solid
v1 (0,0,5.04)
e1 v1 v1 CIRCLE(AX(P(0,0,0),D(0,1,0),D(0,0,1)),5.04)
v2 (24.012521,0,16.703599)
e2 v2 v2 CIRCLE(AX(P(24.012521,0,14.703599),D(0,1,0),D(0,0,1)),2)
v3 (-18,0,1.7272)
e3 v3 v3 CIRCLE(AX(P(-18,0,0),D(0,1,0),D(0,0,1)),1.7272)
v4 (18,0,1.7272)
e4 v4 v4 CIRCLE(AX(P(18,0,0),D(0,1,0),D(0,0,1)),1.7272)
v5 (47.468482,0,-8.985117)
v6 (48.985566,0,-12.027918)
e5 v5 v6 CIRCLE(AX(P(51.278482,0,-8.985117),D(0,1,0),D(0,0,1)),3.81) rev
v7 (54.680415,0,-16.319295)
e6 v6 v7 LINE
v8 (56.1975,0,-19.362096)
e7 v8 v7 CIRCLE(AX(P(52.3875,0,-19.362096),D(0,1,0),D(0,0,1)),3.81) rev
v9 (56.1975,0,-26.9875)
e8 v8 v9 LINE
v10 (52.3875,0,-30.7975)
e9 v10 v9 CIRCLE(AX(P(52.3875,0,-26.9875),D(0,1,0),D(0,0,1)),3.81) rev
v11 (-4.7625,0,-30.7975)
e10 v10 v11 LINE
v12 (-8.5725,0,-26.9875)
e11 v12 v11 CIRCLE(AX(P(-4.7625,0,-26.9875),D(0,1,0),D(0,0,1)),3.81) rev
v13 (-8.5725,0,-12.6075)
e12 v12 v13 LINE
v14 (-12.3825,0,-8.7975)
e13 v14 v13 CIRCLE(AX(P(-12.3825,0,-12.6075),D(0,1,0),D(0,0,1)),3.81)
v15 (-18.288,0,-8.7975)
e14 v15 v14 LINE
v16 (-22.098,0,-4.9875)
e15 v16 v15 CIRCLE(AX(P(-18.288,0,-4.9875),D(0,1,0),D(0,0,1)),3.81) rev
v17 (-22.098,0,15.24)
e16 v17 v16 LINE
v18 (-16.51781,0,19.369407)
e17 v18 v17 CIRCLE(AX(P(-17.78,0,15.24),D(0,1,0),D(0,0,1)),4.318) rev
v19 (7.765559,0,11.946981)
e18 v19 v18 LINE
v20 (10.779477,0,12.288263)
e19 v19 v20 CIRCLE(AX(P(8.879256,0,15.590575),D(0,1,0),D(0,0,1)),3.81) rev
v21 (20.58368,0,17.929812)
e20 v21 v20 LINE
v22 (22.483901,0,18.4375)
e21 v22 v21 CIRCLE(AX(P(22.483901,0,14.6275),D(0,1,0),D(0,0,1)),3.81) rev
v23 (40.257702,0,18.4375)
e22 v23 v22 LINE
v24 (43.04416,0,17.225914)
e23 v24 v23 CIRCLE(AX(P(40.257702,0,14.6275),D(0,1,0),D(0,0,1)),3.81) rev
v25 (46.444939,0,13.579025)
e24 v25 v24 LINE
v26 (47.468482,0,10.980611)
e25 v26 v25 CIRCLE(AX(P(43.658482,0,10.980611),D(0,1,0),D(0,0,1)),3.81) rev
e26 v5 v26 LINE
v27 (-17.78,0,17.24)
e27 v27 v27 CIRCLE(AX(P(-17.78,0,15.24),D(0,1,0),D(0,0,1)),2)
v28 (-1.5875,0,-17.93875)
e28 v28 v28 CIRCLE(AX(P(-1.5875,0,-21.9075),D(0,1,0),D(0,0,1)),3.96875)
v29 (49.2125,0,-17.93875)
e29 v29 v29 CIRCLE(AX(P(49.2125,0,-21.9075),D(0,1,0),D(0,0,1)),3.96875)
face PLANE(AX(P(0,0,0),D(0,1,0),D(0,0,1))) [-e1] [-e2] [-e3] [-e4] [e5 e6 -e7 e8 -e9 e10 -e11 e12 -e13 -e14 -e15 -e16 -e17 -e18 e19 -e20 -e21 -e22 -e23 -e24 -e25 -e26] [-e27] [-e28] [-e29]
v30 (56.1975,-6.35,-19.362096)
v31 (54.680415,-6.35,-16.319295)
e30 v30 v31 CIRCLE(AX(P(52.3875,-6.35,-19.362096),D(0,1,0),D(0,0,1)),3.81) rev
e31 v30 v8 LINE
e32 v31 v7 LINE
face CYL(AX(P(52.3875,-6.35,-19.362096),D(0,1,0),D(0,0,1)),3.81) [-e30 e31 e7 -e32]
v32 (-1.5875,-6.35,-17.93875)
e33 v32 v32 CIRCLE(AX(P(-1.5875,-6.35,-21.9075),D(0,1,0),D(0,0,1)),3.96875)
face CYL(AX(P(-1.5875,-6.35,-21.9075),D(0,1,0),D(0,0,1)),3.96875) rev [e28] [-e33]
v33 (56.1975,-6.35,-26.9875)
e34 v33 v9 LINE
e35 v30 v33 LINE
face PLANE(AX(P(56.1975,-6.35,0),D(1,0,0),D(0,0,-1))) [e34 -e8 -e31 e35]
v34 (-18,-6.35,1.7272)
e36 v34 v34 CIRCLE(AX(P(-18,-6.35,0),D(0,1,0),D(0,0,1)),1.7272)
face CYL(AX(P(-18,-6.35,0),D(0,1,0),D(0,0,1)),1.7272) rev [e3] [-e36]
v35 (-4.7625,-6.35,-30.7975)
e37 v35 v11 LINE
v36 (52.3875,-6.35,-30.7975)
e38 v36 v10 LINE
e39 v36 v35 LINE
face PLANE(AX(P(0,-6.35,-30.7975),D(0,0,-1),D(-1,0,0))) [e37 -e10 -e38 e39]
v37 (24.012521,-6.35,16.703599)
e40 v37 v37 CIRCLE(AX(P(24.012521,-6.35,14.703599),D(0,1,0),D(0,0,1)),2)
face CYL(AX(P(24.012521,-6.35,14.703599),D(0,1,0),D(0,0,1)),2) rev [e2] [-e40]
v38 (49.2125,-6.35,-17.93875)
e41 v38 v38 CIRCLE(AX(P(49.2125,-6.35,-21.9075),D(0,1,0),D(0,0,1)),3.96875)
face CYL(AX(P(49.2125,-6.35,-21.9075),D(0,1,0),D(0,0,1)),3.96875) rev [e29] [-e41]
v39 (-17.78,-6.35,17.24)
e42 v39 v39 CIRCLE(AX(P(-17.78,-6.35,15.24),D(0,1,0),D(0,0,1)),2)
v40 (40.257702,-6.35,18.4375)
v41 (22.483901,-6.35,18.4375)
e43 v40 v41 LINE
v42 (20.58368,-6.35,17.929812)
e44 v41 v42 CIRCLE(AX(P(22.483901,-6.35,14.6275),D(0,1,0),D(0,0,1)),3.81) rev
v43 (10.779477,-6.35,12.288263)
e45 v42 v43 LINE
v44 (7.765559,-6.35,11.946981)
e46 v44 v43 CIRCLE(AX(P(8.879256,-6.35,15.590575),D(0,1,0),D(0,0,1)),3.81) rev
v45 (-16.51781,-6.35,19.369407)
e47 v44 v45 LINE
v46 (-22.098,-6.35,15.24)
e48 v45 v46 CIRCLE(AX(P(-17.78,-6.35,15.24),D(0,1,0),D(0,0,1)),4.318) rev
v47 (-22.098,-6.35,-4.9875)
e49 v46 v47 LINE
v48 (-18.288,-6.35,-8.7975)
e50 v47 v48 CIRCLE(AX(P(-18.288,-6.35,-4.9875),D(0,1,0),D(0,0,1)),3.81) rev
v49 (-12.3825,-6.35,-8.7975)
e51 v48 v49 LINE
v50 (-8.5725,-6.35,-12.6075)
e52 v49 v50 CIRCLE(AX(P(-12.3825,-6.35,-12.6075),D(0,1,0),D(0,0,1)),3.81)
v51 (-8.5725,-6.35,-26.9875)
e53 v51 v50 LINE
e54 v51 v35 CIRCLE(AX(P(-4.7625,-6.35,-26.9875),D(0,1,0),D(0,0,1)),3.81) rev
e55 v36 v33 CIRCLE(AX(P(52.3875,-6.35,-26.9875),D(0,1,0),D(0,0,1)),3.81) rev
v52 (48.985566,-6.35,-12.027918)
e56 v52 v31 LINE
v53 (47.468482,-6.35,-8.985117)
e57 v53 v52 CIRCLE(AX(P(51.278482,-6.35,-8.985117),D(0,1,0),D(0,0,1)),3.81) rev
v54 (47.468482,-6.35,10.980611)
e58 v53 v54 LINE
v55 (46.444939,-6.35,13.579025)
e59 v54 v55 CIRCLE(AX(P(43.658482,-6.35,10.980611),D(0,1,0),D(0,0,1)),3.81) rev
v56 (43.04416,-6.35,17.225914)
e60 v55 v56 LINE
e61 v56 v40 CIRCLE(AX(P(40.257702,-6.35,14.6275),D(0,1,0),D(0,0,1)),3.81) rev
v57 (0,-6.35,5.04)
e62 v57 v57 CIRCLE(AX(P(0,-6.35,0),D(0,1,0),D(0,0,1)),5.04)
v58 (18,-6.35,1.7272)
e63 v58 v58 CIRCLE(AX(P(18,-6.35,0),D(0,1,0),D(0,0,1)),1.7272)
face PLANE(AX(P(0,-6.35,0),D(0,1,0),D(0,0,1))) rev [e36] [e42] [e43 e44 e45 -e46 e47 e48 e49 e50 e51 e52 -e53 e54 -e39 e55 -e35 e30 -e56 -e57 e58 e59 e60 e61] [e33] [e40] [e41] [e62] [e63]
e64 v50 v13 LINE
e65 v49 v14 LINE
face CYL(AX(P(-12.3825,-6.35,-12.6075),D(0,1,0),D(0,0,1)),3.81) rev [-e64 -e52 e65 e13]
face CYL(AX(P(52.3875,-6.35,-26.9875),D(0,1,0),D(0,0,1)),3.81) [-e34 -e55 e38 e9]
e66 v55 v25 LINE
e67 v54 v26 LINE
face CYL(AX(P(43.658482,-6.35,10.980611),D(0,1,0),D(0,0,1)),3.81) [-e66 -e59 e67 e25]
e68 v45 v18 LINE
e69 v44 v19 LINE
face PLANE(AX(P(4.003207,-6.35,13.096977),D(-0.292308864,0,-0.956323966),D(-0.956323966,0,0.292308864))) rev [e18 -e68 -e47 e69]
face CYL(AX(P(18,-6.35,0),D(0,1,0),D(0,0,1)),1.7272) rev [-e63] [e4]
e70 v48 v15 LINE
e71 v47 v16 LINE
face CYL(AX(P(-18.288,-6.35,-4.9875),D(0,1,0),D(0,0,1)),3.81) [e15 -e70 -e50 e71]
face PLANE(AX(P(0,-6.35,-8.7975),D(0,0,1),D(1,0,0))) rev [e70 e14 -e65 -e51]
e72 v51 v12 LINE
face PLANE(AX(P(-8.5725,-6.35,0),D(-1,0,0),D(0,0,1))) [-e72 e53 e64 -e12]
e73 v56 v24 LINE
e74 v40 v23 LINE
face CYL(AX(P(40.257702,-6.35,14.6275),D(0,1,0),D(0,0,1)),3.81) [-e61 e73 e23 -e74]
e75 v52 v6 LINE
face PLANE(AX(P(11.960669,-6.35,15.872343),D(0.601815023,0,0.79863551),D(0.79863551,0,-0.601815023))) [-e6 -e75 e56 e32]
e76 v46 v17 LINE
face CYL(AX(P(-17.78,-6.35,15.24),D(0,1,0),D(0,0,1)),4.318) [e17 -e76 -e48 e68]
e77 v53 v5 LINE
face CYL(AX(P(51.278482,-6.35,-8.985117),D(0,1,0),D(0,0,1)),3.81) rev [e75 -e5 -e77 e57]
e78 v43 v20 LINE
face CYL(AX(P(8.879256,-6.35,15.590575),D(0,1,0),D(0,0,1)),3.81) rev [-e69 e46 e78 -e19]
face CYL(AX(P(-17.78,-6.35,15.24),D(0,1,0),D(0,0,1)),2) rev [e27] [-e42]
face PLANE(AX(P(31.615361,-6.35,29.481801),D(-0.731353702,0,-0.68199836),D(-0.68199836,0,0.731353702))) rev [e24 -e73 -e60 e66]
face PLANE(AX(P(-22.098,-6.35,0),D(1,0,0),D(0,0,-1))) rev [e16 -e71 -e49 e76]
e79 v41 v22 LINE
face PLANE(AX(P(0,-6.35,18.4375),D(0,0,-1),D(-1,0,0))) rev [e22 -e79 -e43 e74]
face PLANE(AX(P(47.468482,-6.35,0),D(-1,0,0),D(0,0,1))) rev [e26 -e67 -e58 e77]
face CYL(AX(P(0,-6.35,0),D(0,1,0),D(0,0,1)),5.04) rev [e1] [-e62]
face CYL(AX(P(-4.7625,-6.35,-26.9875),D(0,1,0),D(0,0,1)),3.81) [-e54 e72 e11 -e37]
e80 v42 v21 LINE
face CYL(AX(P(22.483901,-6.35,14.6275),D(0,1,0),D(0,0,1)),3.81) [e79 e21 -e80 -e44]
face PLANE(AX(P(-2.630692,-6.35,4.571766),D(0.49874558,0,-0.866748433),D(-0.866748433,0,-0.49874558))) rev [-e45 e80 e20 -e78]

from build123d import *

# Parameters (mm, degrees)
SKETCH4_R           = 5.04
SKETCH4_R_2         = 3.96875
SKETCH4_R_3         = 2
SKETCH4_R_4         = 1.7272
BOSS_EXTRUDE2_DEPTH = 6.35


with BuildPart() as part:
    # Sketch4 → Boss-Extrude2 (new body)
    with BuildSketch(Plane(origin=(0, 0, 0), x_dir=(1, 0, 0), z_dir=(0, 1, 0))):
        with BuildLine():
            Line((40.257702493, -18.4375), (22.483900583, -18.4375))
            ThreePointArc((22.483900583, -18.4375), (21.500464498, -18.308390309), (20.583679925, -17.929811531))
            Line((20.583679925, -17.929811531), (10.779476649, -12.288263354))
            ThreePointArc((10.779476649, -12.288263354), (9.307944036, -11.804768953), (7.765559219, -11.946980575))
            Line((7.765559219, -11.946980575), (-16.517810325, -19.369406885))
            ThreePointArc((-16.517810325, -19.369406885), (-20.348558836, -18.710969534), (-22.098, -15.24))
            Line((-22.098, -15.24), (-22.098, 4.987500122))
            ThreePointArc((-22.098, 4.987500122), (-20.982076836, 7.681576958), (-18.288, 8.797500122))
            Line((-18.288, 8.797500122), (-12.3825, 8.797500122))
            ThreePointArc((-12.3825, 8.797500122), (-9.688423164, 9.913423286), (-8.5725, 12.607500122))
            Line((-8.5725, 12.607500122), (-8.5725, 26.9875))
            ThreePointArc((-8.5725, 26.9875), (-7.456576836, 29.681576836), (-4.7625, 30.7975))
            Line((-4.7625, 30.7975), (52.3875, 30.7975))
            ThreePointArc((52.3875, 30.7975), (55.081576836, 29.681576836), (56.1975, 26.9875))
            Line((56.1975, 26.9875), (56.1975, 19.362095927))
            ThreePointArc((56.1975, 19.362095927), (55.797199918, 17.662082259), (54.680415238, 16.319294633))
            Line((54.680415238, 16.319294633), (48.985566477, 12.027918285))
            ThreePointArc((48.985566477, 12.027918285), (47.868781798, 10.685130659), (47.468481715, 8.985116992))
            Line((47.468481715, 8.985116992), (47.468481715, -10.980610773))
            ThreePointArc((47.468481715, -10.980610773), (47.203372649, -12.376980446), (46.444939319, -13.579024524))
            Line((46.444939319, -13.579024524), (43.044160097, -17.225913752))
            ThreePointArc((43.044160097, -17.225913752), (41.776936446, -18.121498883), (40.257702493, -18.4375))
        make_face()
        with Locations(Location((0, 0, 0), (0, 0, 270))):
            Circle(SKETCH4_R, mode=Mode.SUBTRACT)
        with Locations(Location((-1.5875, 21.9075, 0), (0, 0, 270))):
            Circle(SKETCH4_R_2, mode=Mode.SUBTRACT)
        with Locations(Location((49.2125, 21.9075, 0), (0, 0, 270))):
            Circle(SKETCH4_R_2, mode=Mode.SUBTRACT)
        with Locations(Location((24.012521227, -14.703599027, 0), (0, 0, 270))):
            Circle(SKETCH4_R_3, mode=Mode.SUBTRACT)
        with Locations(Location((-17.78, -15.24, 0), (0, 0, 270))):
            Circle(SKETCH4_R_3, mode=Mode.SUBTRACT)
        with Locations(Location((18.000000004, 0, 0), (0, 0, 270))):
            Circle(SKETCH4_R_4, mode=Mode.SUBTRACT)
        with Locations(Location((-18.000000004, 0, 0), (0, 0, 270))):
            Circle(SKETCH4_R_4, mode=Mode.SUBTRACT)
    extrude(amount=-BOSS_EXTRUDE2_DEPTH)


solid = part.part
